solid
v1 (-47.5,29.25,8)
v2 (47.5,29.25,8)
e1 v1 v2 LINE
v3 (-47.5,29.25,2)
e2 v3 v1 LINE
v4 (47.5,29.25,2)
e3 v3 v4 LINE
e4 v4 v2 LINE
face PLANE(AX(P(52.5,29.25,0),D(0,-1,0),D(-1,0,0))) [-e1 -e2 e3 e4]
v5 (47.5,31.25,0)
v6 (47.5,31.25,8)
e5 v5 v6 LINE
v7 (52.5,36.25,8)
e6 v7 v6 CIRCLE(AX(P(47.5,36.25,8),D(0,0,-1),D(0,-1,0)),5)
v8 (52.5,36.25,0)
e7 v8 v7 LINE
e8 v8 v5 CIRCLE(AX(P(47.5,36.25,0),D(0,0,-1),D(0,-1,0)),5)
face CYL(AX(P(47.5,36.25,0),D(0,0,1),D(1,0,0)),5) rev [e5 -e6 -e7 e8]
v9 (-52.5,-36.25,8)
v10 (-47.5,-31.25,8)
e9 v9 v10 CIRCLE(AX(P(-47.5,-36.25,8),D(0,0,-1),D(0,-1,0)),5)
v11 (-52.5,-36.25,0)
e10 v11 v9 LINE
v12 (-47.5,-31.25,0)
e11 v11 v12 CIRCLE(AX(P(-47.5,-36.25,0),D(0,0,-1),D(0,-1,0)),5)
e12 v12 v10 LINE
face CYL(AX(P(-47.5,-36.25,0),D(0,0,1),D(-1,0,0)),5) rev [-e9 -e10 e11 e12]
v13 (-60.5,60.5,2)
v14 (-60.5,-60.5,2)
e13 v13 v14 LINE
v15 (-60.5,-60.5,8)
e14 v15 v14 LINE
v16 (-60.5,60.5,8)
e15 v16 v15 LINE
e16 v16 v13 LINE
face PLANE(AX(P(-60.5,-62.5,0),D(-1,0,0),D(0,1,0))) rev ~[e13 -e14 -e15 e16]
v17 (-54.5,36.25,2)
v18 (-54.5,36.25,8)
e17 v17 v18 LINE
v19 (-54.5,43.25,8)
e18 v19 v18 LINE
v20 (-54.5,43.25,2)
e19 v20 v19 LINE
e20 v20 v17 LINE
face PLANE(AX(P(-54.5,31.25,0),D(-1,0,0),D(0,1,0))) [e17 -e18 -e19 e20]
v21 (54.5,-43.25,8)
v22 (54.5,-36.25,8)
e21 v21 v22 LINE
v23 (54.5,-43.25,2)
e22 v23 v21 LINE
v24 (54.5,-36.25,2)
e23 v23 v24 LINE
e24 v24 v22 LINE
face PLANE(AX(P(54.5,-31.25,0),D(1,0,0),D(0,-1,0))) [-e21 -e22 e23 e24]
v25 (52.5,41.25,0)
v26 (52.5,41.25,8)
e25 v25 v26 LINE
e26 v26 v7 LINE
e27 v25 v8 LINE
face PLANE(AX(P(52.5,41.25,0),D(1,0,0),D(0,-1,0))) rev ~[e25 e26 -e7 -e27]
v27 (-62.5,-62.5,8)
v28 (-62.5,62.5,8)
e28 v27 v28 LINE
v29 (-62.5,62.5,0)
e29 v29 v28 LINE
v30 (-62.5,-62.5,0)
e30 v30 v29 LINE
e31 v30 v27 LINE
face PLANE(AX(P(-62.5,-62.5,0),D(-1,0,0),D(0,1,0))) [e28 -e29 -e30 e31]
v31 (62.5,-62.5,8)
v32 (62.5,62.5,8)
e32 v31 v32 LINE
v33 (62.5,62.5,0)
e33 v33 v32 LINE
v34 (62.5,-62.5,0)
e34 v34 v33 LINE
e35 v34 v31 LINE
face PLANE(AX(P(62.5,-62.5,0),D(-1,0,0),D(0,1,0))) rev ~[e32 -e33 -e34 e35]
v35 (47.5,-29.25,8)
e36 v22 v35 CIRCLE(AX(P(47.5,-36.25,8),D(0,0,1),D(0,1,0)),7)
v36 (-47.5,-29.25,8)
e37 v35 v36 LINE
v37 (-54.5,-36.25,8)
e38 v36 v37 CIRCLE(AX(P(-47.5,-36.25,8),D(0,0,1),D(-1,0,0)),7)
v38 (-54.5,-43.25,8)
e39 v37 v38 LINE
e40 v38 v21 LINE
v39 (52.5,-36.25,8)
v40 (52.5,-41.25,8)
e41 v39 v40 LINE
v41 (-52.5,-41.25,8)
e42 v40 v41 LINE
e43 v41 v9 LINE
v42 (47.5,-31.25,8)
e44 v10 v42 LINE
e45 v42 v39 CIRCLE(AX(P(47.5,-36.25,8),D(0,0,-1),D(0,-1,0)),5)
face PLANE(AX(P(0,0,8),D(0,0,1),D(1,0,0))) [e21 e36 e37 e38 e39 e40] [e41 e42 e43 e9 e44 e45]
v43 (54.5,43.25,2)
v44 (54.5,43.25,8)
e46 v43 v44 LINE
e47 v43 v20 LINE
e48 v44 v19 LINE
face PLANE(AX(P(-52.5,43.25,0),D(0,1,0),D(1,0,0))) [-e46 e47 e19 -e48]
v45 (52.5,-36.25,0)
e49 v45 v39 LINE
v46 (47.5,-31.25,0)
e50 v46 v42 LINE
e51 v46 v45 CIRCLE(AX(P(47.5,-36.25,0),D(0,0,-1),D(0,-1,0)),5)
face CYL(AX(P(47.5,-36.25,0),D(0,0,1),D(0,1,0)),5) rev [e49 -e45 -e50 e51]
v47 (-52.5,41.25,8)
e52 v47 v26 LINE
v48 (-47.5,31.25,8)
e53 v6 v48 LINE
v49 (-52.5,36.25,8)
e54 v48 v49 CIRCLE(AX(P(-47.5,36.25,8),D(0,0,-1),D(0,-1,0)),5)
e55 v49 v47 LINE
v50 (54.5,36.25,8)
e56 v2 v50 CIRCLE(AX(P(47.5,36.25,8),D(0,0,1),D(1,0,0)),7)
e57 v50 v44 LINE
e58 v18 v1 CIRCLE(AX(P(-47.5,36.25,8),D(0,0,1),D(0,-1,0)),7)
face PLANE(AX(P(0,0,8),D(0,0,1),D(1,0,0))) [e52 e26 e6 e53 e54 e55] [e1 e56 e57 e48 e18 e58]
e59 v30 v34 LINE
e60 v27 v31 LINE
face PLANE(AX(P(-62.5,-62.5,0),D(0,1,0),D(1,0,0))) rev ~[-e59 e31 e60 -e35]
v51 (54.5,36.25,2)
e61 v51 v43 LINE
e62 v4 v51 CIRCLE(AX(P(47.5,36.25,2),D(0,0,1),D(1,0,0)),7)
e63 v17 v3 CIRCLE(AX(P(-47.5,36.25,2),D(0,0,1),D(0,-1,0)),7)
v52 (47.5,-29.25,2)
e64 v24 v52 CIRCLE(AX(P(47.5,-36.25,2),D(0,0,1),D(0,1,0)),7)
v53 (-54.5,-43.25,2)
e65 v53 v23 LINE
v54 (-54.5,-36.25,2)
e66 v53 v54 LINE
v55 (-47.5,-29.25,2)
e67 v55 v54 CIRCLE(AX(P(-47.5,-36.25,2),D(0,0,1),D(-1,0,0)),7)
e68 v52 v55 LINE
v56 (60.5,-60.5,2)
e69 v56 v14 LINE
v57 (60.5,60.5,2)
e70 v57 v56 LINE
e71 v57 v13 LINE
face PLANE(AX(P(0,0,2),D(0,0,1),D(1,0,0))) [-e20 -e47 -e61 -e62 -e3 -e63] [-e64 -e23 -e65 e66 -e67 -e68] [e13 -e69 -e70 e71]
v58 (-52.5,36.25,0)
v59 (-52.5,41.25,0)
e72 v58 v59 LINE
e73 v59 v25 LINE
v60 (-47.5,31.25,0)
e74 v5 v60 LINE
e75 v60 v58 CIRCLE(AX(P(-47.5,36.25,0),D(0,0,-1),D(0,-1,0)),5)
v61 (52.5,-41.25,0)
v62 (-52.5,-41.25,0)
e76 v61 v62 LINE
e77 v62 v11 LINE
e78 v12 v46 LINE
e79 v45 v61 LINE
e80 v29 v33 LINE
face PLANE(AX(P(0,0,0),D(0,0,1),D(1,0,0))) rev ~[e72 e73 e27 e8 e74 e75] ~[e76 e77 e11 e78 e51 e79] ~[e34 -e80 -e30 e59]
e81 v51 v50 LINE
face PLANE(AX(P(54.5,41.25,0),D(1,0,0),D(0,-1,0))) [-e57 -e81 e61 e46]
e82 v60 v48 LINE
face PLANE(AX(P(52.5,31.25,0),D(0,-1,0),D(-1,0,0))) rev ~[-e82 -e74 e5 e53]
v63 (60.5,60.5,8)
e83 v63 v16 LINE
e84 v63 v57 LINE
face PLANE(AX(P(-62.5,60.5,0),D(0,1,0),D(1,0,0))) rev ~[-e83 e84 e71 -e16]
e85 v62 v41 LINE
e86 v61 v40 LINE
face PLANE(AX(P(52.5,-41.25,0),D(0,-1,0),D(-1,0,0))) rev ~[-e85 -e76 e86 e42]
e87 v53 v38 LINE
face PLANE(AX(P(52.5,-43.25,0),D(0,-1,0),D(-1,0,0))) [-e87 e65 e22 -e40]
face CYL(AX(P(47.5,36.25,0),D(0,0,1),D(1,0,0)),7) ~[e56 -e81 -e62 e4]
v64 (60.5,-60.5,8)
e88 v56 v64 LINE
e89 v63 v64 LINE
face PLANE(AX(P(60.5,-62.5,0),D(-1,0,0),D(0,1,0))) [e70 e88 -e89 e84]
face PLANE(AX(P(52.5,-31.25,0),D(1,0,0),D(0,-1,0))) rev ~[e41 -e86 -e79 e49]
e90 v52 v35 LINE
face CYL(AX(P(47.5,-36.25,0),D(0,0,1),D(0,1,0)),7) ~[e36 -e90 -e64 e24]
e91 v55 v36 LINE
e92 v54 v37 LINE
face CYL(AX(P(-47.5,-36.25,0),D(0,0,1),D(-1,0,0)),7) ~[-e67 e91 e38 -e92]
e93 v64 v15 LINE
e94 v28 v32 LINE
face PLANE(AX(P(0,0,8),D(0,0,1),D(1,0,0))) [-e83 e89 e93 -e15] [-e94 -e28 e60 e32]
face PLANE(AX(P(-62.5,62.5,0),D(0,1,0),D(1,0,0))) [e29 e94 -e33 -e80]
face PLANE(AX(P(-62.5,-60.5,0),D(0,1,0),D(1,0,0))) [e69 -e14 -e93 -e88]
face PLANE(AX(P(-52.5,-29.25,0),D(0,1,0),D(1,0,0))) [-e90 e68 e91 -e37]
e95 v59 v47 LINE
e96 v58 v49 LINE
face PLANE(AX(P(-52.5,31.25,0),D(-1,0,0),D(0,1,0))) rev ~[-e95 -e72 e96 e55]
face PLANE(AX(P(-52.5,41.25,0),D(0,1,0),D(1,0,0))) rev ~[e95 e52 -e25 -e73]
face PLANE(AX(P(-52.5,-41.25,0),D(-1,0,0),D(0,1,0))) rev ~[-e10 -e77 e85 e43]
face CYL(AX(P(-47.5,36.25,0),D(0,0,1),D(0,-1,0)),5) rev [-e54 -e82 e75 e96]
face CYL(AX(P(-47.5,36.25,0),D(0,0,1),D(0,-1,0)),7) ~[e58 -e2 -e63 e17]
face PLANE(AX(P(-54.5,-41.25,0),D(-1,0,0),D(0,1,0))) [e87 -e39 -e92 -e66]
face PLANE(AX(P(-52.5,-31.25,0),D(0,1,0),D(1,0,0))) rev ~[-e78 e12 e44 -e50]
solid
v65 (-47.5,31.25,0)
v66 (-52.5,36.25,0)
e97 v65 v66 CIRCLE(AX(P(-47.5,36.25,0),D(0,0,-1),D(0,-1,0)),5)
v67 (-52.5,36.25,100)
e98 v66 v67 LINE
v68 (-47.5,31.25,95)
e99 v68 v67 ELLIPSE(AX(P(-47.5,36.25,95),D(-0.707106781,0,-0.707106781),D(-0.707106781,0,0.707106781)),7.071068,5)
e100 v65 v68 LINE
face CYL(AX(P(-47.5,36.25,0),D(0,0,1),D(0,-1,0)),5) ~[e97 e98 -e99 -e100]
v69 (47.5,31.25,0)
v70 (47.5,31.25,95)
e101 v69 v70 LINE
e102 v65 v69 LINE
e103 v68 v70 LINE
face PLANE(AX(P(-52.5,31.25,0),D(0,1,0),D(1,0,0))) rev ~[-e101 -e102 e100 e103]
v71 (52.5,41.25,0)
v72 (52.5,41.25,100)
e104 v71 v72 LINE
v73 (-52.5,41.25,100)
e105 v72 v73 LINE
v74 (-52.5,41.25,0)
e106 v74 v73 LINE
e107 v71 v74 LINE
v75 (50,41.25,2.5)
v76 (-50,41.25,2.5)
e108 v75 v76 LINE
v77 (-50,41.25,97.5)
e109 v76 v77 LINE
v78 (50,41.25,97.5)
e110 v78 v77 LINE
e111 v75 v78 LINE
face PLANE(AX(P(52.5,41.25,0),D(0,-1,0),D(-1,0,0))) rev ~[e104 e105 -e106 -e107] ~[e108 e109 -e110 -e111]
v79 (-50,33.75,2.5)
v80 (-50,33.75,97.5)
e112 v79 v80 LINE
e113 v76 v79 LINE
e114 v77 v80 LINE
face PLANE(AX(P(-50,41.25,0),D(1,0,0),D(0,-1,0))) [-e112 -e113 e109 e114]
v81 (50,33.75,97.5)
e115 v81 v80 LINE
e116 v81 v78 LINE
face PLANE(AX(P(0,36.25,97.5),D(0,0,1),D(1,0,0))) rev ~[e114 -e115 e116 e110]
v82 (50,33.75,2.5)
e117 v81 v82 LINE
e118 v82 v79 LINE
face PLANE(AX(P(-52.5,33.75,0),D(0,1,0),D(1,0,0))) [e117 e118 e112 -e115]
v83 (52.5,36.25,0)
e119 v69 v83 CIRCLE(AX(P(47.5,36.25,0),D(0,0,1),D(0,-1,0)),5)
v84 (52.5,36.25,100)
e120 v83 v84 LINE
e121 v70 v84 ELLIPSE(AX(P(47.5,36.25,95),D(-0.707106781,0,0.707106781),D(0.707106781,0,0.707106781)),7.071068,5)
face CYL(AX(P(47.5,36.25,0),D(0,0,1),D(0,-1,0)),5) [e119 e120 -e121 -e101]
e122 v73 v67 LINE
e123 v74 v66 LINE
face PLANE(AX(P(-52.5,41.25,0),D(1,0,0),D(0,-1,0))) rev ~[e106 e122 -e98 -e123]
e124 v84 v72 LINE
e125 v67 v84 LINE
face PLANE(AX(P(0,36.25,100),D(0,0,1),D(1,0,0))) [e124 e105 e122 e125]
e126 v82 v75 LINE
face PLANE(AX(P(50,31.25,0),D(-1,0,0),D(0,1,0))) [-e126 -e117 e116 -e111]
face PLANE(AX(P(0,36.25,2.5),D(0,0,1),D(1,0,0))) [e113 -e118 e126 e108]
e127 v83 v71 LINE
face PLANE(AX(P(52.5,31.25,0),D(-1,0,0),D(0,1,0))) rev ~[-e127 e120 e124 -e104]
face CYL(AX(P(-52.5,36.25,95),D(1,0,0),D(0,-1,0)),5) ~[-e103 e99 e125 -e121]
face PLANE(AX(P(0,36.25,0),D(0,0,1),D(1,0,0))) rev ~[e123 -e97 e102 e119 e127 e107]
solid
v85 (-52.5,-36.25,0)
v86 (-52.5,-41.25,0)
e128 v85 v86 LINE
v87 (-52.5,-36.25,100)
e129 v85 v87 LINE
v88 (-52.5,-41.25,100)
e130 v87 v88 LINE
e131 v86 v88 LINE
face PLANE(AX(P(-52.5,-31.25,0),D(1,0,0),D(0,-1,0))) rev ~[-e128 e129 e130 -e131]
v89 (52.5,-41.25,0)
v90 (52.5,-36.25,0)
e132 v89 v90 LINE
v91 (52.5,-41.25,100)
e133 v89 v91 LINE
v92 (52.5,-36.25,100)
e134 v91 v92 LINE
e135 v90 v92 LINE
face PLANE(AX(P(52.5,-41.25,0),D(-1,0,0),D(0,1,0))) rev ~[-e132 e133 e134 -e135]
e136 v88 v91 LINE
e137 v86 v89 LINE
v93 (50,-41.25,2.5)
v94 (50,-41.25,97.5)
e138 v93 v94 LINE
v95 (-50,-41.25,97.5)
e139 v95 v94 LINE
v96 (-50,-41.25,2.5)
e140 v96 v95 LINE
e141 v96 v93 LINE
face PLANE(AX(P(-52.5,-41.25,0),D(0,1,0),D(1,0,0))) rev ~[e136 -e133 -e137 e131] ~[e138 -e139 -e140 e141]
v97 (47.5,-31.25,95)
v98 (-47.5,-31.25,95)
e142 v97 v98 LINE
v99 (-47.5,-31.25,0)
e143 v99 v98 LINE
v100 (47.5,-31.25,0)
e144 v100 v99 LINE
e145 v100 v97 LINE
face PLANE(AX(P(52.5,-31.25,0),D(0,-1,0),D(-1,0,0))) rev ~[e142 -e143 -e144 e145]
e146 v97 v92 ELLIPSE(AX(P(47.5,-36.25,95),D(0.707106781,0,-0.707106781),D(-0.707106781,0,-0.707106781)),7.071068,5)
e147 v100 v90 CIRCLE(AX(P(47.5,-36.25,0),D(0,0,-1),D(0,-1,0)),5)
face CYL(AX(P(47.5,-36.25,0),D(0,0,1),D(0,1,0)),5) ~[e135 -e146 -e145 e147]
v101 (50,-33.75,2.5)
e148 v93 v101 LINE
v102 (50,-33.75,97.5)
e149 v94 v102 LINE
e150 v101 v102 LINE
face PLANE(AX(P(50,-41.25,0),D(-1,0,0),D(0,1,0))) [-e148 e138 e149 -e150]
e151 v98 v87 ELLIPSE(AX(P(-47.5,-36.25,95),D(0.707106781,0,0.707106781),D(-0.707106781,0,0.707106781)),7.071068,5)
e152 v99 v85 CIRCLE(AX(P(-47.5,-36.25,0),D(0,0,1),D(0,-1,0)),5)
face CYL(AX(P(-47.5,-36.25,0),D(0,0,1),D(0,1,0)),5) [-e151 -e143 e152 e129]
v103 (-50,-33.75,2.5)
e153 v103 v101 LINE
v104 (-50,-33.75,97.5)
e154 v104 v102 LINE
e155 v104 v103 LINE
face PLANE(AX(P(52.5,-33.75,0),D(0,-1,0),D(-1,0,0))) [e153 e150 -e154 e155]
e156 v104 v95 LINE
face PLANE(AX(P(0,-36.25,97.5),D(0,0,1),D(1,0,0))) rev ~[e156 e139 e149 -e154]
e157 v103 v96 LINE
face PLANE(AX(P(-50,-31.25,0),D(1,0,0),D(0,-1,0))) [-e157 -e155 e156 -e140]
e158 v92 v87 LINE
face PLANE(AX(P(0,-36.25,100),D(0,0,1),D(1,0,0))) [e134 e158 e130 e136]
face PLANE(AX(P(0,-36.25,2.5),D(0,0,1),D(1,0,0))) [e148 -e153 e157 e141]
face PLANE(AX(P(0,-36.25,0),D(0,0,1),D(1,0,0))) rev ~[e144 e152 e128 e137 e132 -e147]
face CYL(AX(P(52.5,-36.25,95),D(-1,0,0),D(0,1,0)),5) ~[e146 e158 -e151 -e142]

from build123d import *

# Parameters (mm, degrees)
F0_W     = 125
F0_H     = 125
F1_DEPTH = 8
F2_DEPTH = 100
F3_T     = -2.5
F3_2_T   = -2.5
F4_R     = 5
F4_2_R   = 5
F5_R     = 5
F6_T     = -2


with BuildPart() as f1:
    # F0 (on Top) → F1 (new body)
    with BuildSketch(Plane.XY):
        Rectangle(F0_W, F0_H)
        Polygon((-52.5, -31.25), (0, -31.25), (52.5, -31.25), (52.5, -41.25), (0, -41.25), (-52.5, -41.25), align=None, mode=Mode.SUBTRACT)
        Polygon((52.5, 31.25), (0, 31.25), (-52.5, 31.25), (-52.5, 41.25), (0, 41.25), (52.5, 41.25), align=None, mode=Mode.SUBTRACT)
    extrude(amount=F1_DEPTH)

    # F5
    f5_edges = [f1.edges().sort_by_distance(p)[0] for p in [
        (52.5, 31.25, 4),
        (-52.5, 31.25, 4),
        (-52.5, -31.25, 4),
        (52.5, -31.25, 4),
    ]]
    fillet(f5_edges, radius=F5_R)

    # F6
    f6_openings = [f1.faces().sort_by_distance(p)[0] for p in [
        (0, 0, 8),
    ]]
    offset(amount=F6_T, openings=f6_openings, kind=Kind.INTERSECTION)


with BuildPart() as f2:
    # F0 (on Top) → F2 (new body)
    with BuildSketch(Plane.XY):
        Polygon((52.5, -31.25), (0, -31.25), (-52.5, -31.25), (-52.5, -41.25), (0, -41.25), (52.5, -41.25), align=None)
    extrude(amount=F2_DEPTH)

    # F3#2
    f3_2_openings = [f2.faces().sort_by_distance(p)[0] for p in [
        (0, -41.25, 50),
    ]]
    offset(amount=F3_2_T, openings=f3_2_openings)

    # F4#2
    f4_2_edges = [f2.edges().sort_by_distance(p)[0] for p in [
        (-52.5, -31.25, 50),
        (0, -31.25, 100),
        (52.5, -31.25, 50),
    ]]
    fillet(f4_2_edges, radius=F4_2_R)


with BuildPart() as f2b:
    # F0 (on Top) → F2, piece 2 (new body)
    with BuildSketch(Plane.XY):
        Polygon((-52.5, 31.25), (0, 31.25), (52.5, 31.25), (52.5, 41.25), (0, 41.25), (-52.5, 41.25), align=None)
    extrude(amount=F2_DEPTH)

    # F3
    f3_openings = [f2b.faces().sort_by_distance(p)[0] for p in [
        (0, 41.25, 50),
    ]]
    offset(amount=F3_T, openings=f3_openings)

    # F4
    f4_edges = [f2b.edges().sort_by_distance(p)[0] for p in [
        (-52.5, 31.25, 50),
        (0, 31.25, 100),
        (52.5, 31.25, 50),
    ]]
    fillet(f4_edges, radius=F4_R)


solid = Compound([f1.part, f2.part, f2b.part])
